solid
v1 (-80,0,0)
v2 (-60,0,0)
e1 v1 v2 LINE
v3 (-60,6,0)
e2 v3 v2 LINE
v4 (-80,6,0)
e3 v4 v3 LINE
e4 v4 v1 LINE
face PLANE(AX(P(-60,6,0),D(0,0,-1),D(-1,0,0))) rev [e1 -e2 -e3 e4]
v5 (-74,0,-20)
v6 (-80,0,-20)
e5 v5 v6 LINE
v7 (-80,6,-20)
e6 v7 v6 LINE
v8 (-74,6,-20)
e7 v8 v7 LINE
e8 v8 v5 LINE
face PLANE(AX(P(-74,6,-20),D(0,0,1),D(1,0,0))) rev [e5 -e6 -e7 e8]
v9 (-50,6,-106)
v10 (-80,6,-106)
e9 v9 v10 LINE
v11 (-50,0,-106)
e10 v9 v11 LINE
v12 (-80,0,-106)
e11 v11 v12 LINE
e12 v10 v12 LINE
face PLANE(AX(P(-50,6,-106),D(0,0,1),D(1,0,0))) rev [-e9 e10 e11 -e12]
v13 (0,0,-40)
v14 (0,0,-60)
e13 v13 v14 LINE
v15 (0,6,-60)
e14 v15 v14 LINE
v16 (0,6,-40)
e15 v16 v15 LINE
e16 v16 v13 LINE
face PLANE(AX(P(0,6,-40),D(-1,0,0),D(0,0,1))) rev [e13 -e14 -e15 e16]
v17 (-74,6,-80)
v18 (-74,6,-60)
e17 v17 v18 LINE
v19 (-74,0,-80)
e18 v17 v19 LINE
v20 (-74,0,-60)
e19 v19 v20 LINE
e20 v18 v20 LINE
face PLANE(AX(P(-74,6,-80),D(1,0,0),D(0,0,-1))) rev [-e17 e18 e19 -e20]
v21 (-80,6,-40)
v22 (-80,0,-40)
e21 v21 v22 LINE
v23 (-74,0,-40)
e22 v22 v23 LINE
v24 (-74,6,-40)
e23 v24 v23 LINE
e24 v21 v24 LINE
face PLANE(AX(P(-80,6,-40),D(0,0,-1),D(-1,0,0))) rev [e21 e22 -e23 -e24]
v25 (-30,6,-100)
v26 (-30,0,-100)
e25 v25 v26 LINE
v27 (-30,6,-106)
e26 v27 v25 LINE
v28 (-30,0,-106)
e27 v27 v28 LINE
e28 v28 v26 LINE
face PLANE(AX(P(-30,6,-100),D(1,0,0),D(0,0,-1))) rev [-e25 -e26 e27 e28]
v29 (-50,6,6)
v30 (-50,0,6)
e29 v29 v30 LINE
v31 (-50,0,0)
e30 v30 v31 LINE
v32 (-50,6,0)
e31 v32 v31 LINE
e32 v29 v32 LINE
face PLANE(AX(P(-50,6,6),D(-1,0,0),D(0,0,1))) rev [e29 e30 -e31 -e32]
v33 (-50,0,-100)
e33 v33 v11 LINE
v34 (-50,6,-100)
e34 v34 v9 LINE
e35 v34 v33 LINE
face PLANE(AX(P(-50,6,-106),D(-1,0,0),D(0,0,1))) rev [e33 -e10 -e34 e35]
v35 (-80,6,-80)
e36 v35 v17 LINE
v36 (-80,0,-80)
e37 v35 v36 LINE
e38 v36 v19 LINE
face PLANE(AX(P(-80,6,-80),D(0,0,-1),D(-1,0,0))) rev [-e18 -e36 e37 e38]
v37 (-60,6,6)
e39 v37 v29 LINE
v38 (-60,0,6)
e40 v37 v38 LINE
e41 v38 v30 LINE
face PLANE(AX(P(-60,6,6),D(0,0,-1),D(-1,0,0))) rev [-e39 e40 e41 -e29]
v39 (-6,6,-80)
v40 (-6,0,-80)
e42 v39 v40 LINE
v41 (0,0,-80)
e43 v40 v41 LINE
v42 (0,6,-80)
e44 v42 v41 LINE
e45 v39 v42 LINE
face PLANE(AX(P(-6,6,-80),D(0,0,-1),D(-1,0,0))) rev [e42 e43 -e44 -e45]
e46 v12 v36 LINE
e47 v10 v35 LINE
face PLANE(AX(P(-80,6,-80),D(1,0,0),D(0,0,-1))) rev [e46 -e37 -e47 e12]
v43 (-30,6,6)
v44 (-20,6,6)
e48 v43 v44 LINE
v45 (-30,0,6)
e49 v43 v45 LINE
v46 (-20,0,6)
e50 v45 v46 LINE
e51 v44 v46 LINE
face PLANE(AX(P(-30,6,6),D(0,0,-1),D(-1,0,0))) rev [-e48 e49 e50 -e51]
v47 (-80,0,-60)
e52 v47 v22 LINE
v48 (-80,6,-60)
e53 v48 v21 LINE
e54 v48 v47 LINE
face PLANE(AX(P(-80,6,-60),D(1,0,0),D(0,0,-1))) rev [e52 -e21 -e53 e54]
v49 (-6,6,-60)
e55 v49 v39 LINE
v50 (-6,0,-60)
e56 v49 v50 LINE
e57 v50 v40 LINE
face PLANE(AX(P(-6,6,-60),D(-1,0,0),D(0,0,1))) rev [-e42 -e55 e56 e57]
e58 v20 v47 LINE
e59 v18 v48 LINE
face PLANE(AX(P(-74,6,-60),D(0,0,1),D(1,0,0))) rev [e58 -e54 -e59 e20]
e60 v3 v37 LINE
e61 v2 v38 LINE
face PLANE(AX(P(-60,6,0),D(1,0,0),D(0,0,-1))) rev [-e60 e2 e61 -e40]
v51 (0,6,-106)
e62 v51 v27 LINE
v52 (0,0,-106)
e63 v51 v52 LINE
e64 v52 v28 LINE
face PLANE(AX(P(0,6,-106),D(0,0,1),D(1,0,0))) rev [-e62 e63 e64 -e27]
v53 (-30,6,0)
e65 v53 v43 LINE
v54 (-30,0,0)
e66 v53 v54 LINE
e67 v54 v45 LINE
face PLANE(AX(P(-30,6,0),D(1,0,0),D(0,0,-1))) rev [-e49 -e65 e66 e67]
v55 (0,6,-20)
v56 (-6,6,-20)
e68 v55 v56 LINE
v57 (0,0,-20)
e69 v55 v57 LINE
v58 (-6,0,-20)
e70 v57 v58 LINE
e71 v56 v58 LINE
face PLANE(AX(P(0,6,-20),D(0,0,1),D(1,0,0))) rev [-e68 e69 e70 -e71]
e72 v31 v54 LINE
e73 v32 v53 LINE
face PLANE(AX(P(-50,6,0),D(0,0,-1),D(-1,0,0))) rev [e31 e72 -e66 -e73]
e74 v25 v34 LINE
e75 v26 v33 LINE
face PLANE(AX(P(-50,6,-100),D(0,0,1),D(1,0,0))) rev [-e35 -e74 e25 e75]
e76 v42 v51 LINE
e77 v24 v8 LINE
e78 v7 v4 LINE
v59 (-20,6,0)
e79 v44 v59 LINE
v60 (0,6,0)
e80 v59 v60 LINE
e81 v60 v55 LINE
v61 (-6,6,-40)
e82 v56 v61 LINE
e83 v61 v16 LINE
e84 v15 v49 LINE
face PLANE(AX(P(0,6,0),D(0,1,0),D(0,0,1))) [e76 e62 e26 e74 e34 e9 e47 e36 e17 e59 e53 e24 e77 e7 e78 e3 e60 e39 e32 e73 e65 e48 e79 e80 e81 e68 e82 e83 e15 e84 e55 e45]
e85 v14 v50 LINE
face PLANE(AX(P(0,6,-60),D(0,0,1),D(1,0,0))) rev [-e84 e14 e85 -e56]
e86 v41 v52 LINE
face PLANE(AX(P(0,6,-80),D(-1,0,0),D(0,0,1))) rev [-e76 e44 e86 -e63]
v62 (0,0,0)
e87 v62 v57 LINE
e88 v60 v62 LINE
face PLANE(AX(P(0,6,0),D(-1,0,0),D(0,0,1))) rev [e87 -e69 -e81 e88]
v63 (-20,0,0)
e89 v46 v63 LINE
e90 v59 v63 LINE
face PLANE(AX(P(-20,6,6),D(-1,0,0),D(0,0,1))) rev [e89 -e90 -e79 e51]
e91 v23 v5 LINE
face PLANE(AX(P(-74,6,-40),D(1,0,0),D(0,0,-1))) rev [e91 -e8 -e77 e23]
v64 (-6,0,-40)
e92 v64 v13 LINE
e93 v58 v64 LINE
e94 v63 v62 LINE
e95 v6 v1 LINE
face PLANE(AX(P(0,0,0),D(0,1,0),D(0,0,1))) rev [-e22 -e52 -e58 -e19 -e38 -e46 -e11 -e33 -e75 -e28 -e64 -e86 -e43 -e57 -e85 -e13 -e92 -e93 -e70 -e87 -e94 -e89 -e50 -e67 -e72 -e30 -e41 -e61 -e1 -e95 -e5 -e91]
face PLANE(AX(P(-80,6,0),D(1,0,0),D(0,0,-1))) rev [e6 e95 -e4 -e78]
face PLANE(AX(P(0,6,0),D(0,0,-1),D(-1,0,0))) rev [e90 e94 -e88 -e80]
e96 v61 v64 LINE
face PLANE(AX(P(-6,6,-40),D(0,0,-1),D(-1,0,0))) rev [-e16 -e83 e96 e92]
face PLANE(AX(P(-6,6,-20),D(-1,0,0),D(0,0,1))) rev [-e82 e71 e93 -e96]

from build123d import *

# Parameters (mm, degrees)
RESSALTO_EXTRUS_O1_DEPTH = 6


with BuildPart() as part:
    # Esboço1 → Ressalto-extrusão1 (new body)
    with BuildSketch(Plane(origin=(0, 0, 0), x_dir=(1, 0, 0), z_dir=(0, 1, 0))):
        Polygon((-80, 80), (-74, 80), (-74, 60), (-80, 60), (-80, 40), (-74, 40), (-74, 20), (-80, 20), (-80, 0), (-60, 0), (-60, -6), (-50, -6), (-50, 0), (-30, 0), (-30, -6), (-20, -6), (-20, 0), (0, 0), (0, 20), (-6, 20), (-6, 40), (0, 40), (0, 60), (-6, 60), (-6, 80), (0, 80), (0, 106), (-30, 106), (-30, 100), (-50, 100), (-50, 106), (-80, 106), align=None)
    extrude(amount=RESSALTO_EXTRUS_O1_DEPTH)


solid = part.part
